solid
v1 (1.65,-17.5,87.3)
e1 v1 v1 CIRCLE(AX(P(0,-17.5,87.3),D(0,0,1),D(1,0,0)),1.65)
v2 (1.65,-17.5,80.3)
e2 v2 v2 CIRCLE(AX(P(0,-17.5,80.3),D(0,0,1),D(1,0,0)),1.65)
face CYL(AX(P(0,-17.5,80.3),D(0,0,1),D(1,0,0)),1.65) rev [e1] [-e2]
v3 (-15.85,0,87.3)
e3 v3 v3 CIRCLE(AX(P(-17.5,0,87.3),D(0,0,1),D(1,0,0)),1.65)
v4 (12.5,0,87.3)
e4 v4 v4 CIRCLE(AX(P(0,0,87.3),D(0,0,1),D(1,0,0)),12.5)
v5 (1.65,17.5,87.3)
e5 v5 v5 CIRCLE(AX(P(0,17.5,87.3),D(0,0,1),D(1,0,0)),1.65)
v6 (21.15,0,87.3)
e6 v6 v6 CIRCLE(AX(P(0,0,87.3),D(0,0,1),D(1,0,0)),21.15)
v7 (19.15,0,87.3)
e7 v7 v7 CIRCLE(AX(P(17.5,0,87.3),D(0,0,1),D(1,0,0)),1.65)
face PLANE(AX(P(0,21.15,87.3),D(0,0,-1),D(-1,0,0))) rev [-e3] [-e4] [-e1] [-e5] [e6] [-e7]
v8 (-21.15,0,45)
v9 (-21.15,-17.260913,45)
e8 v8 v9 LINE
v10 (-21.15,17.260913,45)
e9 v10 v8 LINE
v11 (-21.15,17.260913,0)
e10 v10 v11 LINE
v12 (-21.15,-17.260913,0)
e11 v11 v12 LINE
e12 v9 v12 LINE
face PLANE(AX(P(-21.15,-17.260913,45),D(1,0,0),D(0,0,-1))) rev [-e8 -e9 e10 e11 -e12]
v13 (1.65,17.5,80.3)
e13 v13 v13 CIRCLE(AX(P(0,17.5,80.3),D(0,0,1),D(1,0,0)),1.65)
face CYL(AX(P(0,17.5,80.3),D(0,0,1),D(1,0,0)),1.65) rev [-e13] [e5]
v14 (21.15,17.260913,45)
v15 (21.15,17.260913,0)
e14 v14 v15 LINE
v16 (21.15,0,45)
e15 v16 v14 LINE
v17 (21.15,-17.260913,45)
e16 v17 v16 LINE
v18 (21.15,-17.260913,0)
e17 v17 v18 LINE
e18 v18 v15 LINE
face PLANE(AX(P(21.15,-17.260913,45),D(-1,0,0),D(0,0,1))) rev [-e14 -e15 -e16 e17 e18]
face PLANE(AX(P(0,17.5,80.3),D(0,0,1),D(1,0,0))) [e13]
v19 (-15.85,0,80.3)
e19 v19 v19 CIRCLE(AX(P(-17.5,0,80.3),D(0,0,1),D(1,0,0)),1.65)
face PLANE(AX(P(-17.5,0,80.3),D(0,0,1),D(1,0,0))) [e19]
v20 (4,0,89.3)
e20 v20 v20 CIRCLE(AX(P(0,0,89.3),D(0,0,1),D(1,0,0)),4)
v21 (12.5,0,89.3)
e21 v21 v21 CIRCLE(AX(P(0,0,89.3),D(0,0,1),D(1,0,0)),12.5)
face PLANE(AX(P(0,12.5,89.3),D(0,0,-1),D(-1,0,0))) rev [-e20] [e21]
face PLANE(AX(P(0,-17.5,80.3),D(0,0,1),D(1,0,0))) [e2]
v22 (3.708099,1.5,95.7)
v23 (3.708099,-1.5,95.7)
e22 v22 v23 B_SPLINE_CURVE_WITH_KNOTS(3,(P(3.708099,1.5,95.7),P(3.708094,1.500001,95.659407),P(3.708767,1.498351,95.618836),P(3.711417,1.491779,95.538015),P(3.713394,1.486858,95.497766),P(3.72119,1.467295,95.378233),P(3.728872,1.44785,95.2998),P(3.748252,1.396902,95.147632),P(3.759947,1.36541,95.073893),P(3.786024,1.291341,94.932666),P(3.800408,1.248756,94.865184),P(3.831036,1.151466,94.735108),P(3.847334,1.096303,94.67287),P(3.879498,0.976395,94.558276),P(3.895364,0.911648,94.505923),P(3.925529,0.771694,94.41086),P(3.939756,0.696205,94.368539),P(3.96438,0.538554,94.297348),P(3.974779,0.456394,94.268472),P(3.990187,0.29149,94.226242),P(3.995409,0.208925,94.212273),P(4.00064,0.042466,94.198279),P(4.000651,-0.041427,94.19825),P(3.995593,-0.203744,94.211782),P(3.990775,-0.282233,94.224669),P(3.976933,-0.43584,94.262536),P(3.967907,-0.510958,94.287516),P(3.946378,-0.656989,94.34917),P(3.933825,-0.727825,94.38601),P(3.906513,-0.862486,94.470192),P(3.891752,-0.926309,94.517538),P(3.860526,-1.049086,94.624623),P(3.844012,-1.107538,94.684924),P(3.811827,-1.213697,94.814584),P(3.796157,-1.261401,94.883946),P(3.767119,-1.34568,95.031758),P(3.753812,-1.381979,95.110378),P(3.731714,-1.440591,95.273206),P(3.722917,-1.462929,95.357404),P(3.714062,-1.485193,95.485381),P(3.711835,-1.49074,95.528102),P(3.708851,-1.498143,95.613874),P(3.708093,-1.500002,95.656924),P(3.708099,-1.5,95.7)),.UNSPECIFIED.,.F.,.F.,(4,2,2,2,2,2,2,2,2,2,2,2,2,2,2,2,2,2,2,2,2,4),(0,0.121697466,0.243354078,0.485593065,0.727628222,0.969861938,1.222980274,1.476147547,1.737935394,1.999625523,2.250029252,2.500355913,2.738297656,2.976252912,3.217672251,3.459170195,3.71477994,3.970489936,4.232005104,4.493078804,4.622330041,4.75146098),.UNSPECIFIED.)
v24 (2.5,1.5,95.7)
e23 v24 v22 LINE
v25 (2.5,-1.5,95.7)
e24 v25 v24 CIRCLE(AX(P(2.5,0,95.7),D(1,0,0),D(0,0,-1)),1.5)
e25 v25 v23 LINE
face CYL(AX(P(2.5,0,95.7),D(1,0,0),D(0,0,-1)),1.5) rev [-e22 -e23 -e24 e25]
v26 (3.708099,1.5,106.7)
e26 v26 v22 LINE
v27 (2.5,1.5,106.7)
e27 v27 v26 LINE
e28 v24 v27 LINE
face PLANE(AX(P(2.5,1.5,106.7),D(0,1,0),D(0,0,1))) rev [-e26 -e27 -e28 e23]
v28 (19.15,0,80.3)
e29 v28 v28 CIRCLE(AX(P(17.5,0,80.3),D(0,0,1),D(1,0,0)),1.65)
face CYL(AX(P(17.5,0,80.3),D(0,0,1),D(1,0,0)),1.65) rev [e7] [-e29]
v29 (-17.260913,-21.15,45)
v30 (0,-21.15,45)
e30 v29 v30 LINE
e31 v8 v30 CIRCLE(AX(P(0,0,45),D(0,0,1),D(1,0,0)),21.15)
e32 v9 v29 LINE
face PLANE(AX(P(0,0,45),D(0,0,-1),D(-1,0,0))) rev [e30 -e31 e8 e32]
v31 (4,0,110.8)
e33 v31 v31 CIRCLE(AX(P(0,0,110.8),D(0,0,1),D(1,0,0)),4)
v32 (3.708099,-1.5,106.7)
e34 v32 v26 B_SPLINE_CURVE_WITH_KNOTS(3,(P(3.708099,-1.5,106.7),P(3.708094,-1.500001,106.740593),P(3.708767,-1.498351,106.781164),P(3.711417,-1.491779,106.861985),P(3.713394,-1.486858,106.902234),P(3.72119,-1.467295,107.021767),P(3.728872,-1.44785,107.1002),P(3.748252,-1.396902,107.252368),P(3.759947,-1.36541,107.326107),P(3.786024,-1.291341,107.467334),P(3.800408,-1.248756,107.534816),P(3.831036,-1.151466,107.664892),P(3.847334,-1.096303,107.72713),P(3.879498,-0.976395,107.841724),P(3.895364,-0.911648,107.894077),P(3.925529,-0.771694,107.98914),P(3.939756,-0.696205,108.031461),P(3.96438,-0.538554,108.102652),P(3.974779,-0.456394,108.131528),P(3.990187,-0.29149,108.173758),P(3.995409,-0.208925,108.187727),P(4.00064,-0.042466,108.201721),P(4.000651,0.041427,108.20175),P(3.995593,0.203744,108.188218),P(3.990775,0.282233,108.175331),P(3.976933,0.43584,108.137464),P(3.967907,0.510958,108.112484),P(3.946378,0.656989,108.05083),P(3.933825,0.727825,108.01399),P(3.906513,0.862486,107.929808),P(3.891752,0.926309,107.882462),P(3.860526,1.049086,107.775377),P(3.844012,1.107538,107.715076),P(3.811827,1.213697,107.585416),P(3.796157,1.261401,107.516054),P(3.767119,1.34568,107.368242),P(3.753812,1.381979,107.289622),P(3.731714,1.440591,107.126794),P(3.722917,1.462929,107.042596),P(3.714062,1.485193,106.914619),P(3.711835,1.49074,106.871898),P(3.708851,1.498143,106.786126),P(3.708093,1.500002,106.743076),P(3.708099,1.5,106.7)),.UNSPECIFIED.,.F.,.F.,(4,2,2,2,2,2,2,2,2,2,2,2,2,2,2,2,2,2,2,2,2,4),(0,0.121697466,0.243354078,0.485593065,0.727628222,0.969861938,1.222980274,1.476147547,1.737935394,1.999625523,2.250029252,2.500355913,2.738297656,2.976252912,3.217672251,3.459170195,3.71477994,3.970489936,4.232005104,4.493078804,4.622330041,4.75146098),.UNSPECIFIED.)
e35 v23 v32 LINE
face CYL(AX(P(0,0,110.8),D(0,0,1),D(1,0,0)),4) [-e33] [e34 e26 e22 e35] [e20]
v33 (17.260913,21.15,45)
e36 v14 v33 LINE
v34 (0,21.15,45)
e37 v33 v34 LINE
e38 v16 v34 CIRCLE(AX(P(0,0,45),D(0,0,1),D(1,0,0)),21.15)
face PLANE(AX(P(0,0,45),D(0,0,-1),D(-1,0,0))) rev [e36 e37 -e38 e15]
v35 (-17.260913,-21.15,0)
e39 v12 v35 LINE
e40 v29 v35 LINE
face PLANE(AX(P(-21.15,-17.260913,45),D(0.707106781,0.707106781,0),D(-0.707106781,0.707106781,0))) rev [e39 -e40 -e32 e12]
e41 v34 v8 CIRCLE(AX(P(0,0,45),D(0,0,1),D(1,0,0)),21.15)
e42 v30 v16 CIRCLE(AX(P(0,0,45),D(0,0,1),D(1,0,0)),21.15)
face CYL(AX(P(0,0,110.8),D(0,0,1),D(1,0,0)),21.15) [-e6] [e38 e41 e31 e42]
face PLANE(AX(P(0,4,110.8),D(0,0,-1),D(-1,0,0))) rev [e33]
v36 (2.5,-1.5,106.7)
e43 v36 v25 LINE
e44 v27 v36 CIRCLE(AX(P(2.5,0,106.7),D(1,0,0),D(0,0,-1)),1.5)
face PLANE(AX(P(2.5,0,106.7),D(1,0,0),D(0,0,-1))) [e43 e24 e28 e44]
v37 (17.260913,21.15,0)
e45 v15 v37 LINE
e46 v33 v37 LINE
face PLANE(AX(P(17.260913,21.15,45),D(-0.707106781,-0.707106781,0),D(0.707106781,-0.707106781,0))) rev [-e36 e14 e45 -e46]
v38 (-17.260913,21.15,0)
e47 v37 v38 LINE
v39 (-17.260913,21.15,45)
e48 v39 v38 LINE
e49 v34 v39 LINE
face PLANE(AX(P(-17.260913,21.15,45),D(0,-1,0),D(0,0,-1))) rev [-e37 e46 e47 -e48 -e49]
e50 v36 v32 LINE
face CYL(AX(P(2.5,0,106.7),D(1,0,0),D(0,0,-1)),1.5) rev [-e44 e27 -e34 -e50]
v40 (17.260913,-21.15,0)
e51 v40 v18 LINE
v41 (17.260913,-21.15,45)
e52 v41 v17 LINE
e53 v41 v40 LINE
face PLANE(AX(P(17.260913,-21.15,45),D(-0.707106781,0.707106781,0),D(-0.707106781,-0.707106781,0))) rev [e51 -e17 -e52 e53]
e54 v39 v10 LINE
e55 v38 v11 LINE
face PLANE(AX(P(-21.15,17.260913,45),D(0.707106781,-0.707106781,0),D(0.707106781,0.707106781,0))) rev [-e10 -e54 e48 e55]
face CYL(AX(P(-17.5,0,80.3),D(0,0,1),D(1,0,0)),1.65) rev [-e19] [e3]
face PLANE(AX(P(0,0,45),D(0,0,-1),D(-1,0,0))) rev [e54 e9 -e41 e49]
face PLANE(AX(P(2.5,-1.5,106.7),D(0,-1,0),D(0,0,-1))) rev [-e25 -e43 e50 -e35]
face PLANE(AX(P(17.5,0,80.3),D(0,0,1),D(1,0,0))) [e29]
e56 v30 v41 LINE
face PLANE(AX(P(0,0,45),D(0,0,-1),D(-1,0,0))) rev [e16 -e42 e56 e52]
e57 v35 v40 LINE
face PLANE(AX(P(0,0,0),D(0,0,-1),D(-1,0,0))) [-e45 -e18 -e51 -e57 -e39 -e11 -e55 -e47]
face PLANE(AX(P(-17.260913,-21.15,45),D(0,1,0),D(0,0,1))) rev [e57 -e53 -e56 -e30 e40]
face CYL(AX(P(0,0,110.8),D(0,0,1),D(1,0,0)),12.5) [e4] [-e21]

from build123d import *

# Parameters (mm, degrees)
BOSS_EXTRUDE1_DEPTH = 45
SKETCH4_R           = 1.65
CUT_EXTRUDE1_DEPTH  = 7
CUT_EXTRUDE2_DEPTH  = 1.5


with BuildPart() as part:
    # Sketch1 → Boss-Extrude1 (new body)
    with BuildSketch(Plane.XY):
        Polygon((-21.15, 17.260912703), (-17.260912703, 21.15), (17.260912703, 21.15), (21.15, 17.260912703), (21.15, -17.260912703), (17.260912703, -21.15), (-17.260912703, -21.15), (-21.15, -17.260912703), align=None)
    extrude(amount=BOSS_EXTRUDE1_DEPTH)

    # Sketch3 → Revolve1 (revolve)
    with BuildSketch(Plane(origin=(0, 0, 0), x_dir=(0, 0, -1), z_dir=(1, 0, 0))):
        Polygon((-45, 21.15), (-87.3, 21.15), (-87.3, 12.5), (-89.3, 12.5), (-89.3, 4), (-110.8, 4), (-110.8, 0), (-45, 0), align=None)
    revolve(axis=Axis((0, 0, 110.8), (0, 0, -1)))

    # Sketch4 → Cut-Extrude1 (cut)
    with BuildSketch(Plane.XY.offset(87.3)):
        with Locations((0, 17.5)):
            Circle(SKETCH4_R)
        with Locations((17.5, 0)):
            Circle(SKETCH4_R)
        with Locations((0, -17.5)):
            Circle(SKETCH4_R)
        with Locations((-17.5, 0)):
            Circle(SKETCH4_R)
    extrude(amount=-CUT_EXTRUDE1_DEPTH, mode=Mode.SUBTRACT)

    # Sketch5 → Cut-Extrude2 (cut)
    with BuildSketch(Plane(origin=(4, 0, 0), x_dir=(0, 0, -1), z_dir=(1, 0, 0))):
        with BuildLine():
            Line((-106.7, 1.5), (-95.7, 1.5))
            ThreePointArc((-95.7, 1.5), (-94.2, 0), (-95.7, -1.5))
            Line((-95.7, -1.5), (-106.7, -1.5))
            ThreePointArc((-106.7, -1.5), (-108.2, 0), (-106.7, 1.5))
        make_face()
    extrude(amount=-CUT_EXTRUDE2_DEPTH, mode=Mode.SUBTRACT)


solid = part.part
